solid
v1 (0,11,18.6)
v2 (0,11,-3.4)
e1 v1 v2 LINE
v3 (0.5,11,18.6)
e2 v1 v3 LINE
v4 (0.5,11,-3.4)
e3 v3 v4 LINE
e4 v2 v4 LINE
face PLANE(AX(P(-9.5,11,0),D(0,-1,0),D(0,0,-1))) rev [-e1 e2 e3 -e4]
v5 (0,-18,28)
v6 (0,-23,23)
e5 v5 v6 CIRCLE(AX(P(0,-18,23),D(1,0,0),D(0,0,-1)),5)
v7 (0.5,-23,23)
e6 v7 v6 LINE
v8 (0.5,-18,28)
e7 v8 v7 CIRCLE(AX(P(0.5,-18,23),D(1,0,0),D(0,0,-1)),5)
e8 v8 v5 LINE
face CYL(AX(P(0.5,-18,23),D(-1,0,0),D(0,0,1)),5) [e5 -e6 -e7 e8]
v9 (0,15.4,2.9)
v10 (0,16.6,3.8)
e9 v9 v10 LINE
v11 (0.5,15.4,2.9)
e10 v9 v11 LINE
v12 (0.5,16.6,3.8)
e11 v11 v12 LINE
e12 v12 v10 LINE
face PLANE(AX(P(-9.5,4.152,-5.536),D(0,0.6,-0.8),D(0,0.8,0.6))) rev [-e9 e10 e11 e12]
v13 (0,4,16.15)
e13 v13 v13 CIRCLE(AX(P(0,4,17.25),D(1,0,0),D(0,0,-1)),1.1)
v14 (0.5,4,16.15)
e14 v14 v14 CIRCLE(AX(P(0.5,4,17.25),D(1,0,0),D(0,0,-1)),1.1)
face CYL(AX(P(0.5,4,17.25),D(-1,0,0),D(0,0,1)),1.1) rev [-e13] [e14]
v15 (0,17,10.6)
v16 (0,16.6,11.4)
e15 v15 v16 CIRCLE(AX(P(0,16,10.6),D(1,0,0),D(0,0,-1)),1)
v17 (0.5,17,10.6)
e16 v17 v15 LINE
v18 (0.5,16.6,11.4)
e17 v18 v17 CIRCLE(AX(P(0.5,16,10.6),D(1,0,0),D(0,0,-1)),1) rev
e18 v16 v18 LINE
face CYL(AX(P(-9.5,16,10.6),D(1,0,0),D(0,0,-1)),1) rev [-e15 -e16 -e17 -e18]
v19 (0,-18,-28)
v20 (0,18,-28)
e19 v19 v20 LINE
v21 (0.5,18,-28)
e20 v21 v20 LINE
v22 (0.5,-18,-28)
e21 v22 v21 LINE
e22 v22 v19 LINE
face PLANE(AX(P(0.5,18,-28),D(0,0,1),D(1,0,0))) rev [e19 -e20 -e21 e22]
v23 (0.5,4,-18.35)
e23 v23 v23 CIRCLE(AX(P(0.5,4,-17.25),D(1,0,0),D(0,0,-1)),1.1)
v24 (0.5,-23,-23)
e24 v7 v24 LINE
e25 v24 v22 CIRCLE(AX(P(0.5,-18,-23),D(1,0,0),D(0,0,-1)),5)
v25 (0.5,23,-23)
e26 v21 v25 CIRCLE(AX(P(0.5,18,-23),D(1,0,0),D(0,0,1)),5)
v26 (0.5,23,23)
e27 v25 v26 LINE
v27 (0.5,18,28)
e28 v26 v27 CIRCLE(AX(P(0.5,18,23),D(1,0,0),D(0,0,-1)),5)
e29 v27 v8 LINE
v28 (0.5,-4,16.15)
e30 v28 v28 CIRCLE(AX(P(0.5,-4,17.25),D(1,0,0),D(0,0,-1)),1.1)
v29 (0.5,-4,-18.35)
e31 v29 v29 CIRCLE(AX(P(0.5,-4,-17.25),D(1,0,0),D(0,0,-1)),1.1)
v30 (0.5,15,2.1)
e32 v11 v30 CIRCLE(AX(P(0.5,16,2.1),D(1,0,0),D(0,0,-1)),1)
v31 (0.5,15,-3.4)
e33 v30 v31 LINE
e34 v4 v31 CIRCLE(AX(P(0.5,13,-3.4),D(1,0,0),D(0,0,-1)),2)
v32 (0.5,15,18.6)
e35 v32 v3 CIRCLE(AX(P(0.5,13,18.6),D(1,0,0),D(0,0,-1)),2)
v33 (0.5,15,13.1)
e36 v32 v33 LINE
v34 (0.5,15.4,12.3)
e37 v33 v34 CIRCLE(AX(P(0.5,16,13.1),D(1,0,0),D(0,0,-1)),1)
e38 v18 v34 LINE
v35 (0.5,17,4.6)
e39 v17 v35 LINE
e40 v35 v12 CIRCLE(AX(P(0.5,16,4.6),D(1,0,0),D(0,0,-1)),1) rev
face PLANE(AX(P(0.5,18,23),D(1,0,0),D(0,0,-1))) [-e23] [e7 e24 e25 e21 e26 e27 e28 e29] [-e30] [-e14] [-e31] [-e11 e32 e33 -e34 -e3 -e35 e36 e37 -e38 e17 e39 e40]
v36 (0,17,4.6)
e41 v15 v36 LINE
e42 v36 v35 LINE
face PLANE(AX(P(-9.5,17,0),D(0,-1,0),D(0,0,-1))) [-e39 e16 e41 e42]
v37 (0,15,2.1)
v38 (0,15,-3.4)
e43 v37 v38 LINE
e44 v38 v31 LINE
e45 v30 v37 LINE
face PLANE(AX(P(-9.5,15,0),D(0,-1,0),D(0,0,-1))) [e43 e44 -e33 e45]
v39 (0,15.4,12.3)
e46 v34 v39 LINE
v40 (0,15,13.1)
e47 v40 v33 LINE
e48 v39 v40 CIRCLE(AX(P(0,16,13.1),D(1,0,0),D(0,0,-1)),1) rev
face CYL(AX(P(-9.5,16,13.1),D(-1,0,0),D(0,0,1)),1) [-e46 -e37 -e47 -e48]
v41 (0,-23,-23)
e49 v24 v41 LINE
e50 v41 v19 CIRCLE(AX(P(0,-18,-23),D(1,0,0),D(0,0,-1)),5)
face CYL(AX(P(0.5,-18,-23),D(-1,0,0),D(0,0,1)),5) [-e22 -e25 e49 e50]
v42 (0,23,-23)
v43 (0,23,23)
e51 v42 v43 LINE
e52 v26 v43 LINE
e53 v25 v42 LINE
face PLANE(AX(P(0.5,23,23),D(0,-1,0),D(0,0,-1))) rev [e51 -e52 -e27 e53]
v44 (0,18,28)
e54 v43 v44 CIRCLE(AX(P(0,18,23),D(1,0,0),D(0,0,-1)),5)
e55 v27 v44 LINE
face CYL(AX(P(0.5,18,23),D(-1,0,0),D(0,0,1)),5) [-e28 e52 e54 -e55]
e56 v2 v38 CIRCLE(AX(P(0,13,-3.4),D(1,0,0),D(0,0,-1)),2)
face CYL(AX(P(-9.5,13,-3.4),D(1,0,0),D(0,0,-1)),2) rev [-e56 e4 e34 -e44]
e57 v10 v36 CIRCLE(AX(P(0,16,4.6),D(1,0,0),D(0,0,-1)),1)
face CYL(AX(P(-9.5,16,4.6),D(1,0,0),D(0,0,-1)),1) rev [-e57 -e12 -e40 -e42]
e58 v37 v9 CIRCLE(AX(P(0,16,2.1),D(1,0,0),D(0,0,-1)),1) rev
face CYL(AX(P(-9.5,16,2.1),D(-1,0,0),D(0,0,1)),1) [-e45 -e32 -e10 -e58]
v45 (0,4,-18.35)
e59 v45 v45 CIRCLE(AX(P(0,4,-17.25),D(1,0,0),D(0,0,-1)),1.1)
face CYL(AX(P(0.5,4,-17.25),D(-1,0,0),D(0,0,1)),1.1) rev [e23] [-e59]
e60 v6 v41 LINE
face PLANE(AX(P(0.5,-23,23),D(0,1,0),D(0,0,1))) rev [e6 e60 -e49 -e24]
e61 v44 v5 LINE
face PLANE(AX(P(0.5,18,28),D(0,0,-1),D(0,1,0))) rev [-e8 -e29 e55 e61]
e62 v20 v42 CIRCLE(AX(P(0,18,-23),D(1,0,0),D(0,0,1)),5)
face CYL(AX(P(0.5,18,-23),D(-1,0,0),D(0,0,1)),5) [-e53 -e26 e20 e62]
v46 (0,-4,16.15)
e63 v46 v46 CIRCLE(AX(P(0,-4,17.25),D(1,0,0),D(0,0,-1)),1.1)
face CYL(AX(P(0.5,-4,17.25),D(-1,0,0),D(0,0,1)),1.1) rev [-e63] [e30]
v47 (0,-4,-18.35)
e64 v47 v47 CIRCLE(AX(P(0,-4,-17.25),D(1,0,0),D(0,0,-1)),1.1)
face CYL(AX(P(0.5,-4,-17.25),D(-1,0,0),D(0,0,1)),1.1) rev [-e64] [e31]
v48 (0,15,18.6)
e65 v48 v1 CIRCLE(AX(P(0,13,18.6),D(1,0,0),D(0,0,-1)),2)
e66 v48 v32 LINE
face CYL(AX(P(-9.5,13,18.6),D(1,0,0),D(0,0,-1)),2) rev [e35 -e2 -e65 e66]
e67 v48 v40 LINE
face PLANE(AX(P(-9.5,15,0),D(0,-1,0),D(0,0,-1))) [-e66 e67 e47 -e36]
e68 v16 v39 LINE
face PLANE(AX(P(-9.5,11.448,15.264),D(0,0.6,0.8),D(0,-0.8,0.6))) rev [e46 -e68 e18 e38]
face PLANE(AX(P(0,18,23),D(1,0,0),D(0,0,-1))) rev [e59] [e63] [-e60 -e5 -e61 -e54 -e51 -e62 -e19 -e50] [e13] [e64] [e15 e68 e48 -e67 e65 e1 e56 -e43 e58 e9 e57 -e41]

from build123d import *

# Parameters (mm, degrees)
SKETCH_1_R          = 1.1
EXTRUDE_1_DEPTH     = 0.5
CUT_EXTRUDE_1_DEPTH = 10
FILLET_1_R          = 1


with BuildPart() as part:
    # 草图1 → Extrude 1 (new body)
    with BuildSketch(Plane(origin=(0, 0, 0), x_dir=(0, 0, -1), z_dir=(1, 0, 0))):
        with BuildLine():
            Line((-23, 23), (23, 23))
            ThreePointArc((23, 23), (26.535533906, 21.535533906), (28, 18))
            Line((28, 18), (28, -18))
            ThreePointArc((28, -18), (26.535533906, -21.535533906), (23, -23))
            Line((23, -23), (-23, -23))
            ThreePointArc((-23, -23), (-26.535533906, -21.535533906), (-28, -18))
            Line((-28, -18), (-28, 18))
            ThreePointArc((-28, 18), (-26.535533906, 21.535533906), (-23, 23))
        make_face()
        with Locations((17.25, 4)):
            Circle(SKETCH_1_R, mode=Mode.SUBTRACT)
        with Locations((17.25, -4)):
            Circle(SKETCH_1_R, mode=Mode.SUBTRACT)
        with Locations((-17.25, -4)):
            Circle(SKETCH_1_R, mode=Mode.SUBTRACT)
        with Locations((-17.25, 4)):
            Circle(SKETCH_1_R, mode=Mode.SUBTRACT)
    extrude(amount=EXTRUDE_1_DEPTH)

    # 草图2 → 切除-拉伸1 (cut)
    with BuildSketch(Plane(origin=(0.5, 0, 0), x_dir=(0, 0, -1), z_dir=(1, 0, 0))):
        with BuildLine():
            Line((-18.6, 11), (3.4, 11))
            ThreePointArc((3.4, 11), (5.4, 13), (3.4, 15))
            Line((3.4, 15), (-18.6, 15))
            ThreePointArc((-18.6, 15), (-20.6, 13), (-18.6, 11))
        make_face()
        Polygon((-11.1, 17), (-12.6, 15), (-2.6, 15), (-4.1, 17), align=None)
    extrude(amount=-CUT_EXTRUDE_1_DEPTH, mode=Mode.SUBTRACT)

    # 圆角1
    fillet_1_edges = [part.edges().sort_by_distance(p)[0] for p in [
        (0.25, 15, 12.6),
        (0.25, 17, 11.1),
        (0.25, 17, 4.1),
        (0.25, 15, 2.6),
    ]]
    fillet(fillet_1_edges, radius=FILLET_1_R)


solid = part.part
